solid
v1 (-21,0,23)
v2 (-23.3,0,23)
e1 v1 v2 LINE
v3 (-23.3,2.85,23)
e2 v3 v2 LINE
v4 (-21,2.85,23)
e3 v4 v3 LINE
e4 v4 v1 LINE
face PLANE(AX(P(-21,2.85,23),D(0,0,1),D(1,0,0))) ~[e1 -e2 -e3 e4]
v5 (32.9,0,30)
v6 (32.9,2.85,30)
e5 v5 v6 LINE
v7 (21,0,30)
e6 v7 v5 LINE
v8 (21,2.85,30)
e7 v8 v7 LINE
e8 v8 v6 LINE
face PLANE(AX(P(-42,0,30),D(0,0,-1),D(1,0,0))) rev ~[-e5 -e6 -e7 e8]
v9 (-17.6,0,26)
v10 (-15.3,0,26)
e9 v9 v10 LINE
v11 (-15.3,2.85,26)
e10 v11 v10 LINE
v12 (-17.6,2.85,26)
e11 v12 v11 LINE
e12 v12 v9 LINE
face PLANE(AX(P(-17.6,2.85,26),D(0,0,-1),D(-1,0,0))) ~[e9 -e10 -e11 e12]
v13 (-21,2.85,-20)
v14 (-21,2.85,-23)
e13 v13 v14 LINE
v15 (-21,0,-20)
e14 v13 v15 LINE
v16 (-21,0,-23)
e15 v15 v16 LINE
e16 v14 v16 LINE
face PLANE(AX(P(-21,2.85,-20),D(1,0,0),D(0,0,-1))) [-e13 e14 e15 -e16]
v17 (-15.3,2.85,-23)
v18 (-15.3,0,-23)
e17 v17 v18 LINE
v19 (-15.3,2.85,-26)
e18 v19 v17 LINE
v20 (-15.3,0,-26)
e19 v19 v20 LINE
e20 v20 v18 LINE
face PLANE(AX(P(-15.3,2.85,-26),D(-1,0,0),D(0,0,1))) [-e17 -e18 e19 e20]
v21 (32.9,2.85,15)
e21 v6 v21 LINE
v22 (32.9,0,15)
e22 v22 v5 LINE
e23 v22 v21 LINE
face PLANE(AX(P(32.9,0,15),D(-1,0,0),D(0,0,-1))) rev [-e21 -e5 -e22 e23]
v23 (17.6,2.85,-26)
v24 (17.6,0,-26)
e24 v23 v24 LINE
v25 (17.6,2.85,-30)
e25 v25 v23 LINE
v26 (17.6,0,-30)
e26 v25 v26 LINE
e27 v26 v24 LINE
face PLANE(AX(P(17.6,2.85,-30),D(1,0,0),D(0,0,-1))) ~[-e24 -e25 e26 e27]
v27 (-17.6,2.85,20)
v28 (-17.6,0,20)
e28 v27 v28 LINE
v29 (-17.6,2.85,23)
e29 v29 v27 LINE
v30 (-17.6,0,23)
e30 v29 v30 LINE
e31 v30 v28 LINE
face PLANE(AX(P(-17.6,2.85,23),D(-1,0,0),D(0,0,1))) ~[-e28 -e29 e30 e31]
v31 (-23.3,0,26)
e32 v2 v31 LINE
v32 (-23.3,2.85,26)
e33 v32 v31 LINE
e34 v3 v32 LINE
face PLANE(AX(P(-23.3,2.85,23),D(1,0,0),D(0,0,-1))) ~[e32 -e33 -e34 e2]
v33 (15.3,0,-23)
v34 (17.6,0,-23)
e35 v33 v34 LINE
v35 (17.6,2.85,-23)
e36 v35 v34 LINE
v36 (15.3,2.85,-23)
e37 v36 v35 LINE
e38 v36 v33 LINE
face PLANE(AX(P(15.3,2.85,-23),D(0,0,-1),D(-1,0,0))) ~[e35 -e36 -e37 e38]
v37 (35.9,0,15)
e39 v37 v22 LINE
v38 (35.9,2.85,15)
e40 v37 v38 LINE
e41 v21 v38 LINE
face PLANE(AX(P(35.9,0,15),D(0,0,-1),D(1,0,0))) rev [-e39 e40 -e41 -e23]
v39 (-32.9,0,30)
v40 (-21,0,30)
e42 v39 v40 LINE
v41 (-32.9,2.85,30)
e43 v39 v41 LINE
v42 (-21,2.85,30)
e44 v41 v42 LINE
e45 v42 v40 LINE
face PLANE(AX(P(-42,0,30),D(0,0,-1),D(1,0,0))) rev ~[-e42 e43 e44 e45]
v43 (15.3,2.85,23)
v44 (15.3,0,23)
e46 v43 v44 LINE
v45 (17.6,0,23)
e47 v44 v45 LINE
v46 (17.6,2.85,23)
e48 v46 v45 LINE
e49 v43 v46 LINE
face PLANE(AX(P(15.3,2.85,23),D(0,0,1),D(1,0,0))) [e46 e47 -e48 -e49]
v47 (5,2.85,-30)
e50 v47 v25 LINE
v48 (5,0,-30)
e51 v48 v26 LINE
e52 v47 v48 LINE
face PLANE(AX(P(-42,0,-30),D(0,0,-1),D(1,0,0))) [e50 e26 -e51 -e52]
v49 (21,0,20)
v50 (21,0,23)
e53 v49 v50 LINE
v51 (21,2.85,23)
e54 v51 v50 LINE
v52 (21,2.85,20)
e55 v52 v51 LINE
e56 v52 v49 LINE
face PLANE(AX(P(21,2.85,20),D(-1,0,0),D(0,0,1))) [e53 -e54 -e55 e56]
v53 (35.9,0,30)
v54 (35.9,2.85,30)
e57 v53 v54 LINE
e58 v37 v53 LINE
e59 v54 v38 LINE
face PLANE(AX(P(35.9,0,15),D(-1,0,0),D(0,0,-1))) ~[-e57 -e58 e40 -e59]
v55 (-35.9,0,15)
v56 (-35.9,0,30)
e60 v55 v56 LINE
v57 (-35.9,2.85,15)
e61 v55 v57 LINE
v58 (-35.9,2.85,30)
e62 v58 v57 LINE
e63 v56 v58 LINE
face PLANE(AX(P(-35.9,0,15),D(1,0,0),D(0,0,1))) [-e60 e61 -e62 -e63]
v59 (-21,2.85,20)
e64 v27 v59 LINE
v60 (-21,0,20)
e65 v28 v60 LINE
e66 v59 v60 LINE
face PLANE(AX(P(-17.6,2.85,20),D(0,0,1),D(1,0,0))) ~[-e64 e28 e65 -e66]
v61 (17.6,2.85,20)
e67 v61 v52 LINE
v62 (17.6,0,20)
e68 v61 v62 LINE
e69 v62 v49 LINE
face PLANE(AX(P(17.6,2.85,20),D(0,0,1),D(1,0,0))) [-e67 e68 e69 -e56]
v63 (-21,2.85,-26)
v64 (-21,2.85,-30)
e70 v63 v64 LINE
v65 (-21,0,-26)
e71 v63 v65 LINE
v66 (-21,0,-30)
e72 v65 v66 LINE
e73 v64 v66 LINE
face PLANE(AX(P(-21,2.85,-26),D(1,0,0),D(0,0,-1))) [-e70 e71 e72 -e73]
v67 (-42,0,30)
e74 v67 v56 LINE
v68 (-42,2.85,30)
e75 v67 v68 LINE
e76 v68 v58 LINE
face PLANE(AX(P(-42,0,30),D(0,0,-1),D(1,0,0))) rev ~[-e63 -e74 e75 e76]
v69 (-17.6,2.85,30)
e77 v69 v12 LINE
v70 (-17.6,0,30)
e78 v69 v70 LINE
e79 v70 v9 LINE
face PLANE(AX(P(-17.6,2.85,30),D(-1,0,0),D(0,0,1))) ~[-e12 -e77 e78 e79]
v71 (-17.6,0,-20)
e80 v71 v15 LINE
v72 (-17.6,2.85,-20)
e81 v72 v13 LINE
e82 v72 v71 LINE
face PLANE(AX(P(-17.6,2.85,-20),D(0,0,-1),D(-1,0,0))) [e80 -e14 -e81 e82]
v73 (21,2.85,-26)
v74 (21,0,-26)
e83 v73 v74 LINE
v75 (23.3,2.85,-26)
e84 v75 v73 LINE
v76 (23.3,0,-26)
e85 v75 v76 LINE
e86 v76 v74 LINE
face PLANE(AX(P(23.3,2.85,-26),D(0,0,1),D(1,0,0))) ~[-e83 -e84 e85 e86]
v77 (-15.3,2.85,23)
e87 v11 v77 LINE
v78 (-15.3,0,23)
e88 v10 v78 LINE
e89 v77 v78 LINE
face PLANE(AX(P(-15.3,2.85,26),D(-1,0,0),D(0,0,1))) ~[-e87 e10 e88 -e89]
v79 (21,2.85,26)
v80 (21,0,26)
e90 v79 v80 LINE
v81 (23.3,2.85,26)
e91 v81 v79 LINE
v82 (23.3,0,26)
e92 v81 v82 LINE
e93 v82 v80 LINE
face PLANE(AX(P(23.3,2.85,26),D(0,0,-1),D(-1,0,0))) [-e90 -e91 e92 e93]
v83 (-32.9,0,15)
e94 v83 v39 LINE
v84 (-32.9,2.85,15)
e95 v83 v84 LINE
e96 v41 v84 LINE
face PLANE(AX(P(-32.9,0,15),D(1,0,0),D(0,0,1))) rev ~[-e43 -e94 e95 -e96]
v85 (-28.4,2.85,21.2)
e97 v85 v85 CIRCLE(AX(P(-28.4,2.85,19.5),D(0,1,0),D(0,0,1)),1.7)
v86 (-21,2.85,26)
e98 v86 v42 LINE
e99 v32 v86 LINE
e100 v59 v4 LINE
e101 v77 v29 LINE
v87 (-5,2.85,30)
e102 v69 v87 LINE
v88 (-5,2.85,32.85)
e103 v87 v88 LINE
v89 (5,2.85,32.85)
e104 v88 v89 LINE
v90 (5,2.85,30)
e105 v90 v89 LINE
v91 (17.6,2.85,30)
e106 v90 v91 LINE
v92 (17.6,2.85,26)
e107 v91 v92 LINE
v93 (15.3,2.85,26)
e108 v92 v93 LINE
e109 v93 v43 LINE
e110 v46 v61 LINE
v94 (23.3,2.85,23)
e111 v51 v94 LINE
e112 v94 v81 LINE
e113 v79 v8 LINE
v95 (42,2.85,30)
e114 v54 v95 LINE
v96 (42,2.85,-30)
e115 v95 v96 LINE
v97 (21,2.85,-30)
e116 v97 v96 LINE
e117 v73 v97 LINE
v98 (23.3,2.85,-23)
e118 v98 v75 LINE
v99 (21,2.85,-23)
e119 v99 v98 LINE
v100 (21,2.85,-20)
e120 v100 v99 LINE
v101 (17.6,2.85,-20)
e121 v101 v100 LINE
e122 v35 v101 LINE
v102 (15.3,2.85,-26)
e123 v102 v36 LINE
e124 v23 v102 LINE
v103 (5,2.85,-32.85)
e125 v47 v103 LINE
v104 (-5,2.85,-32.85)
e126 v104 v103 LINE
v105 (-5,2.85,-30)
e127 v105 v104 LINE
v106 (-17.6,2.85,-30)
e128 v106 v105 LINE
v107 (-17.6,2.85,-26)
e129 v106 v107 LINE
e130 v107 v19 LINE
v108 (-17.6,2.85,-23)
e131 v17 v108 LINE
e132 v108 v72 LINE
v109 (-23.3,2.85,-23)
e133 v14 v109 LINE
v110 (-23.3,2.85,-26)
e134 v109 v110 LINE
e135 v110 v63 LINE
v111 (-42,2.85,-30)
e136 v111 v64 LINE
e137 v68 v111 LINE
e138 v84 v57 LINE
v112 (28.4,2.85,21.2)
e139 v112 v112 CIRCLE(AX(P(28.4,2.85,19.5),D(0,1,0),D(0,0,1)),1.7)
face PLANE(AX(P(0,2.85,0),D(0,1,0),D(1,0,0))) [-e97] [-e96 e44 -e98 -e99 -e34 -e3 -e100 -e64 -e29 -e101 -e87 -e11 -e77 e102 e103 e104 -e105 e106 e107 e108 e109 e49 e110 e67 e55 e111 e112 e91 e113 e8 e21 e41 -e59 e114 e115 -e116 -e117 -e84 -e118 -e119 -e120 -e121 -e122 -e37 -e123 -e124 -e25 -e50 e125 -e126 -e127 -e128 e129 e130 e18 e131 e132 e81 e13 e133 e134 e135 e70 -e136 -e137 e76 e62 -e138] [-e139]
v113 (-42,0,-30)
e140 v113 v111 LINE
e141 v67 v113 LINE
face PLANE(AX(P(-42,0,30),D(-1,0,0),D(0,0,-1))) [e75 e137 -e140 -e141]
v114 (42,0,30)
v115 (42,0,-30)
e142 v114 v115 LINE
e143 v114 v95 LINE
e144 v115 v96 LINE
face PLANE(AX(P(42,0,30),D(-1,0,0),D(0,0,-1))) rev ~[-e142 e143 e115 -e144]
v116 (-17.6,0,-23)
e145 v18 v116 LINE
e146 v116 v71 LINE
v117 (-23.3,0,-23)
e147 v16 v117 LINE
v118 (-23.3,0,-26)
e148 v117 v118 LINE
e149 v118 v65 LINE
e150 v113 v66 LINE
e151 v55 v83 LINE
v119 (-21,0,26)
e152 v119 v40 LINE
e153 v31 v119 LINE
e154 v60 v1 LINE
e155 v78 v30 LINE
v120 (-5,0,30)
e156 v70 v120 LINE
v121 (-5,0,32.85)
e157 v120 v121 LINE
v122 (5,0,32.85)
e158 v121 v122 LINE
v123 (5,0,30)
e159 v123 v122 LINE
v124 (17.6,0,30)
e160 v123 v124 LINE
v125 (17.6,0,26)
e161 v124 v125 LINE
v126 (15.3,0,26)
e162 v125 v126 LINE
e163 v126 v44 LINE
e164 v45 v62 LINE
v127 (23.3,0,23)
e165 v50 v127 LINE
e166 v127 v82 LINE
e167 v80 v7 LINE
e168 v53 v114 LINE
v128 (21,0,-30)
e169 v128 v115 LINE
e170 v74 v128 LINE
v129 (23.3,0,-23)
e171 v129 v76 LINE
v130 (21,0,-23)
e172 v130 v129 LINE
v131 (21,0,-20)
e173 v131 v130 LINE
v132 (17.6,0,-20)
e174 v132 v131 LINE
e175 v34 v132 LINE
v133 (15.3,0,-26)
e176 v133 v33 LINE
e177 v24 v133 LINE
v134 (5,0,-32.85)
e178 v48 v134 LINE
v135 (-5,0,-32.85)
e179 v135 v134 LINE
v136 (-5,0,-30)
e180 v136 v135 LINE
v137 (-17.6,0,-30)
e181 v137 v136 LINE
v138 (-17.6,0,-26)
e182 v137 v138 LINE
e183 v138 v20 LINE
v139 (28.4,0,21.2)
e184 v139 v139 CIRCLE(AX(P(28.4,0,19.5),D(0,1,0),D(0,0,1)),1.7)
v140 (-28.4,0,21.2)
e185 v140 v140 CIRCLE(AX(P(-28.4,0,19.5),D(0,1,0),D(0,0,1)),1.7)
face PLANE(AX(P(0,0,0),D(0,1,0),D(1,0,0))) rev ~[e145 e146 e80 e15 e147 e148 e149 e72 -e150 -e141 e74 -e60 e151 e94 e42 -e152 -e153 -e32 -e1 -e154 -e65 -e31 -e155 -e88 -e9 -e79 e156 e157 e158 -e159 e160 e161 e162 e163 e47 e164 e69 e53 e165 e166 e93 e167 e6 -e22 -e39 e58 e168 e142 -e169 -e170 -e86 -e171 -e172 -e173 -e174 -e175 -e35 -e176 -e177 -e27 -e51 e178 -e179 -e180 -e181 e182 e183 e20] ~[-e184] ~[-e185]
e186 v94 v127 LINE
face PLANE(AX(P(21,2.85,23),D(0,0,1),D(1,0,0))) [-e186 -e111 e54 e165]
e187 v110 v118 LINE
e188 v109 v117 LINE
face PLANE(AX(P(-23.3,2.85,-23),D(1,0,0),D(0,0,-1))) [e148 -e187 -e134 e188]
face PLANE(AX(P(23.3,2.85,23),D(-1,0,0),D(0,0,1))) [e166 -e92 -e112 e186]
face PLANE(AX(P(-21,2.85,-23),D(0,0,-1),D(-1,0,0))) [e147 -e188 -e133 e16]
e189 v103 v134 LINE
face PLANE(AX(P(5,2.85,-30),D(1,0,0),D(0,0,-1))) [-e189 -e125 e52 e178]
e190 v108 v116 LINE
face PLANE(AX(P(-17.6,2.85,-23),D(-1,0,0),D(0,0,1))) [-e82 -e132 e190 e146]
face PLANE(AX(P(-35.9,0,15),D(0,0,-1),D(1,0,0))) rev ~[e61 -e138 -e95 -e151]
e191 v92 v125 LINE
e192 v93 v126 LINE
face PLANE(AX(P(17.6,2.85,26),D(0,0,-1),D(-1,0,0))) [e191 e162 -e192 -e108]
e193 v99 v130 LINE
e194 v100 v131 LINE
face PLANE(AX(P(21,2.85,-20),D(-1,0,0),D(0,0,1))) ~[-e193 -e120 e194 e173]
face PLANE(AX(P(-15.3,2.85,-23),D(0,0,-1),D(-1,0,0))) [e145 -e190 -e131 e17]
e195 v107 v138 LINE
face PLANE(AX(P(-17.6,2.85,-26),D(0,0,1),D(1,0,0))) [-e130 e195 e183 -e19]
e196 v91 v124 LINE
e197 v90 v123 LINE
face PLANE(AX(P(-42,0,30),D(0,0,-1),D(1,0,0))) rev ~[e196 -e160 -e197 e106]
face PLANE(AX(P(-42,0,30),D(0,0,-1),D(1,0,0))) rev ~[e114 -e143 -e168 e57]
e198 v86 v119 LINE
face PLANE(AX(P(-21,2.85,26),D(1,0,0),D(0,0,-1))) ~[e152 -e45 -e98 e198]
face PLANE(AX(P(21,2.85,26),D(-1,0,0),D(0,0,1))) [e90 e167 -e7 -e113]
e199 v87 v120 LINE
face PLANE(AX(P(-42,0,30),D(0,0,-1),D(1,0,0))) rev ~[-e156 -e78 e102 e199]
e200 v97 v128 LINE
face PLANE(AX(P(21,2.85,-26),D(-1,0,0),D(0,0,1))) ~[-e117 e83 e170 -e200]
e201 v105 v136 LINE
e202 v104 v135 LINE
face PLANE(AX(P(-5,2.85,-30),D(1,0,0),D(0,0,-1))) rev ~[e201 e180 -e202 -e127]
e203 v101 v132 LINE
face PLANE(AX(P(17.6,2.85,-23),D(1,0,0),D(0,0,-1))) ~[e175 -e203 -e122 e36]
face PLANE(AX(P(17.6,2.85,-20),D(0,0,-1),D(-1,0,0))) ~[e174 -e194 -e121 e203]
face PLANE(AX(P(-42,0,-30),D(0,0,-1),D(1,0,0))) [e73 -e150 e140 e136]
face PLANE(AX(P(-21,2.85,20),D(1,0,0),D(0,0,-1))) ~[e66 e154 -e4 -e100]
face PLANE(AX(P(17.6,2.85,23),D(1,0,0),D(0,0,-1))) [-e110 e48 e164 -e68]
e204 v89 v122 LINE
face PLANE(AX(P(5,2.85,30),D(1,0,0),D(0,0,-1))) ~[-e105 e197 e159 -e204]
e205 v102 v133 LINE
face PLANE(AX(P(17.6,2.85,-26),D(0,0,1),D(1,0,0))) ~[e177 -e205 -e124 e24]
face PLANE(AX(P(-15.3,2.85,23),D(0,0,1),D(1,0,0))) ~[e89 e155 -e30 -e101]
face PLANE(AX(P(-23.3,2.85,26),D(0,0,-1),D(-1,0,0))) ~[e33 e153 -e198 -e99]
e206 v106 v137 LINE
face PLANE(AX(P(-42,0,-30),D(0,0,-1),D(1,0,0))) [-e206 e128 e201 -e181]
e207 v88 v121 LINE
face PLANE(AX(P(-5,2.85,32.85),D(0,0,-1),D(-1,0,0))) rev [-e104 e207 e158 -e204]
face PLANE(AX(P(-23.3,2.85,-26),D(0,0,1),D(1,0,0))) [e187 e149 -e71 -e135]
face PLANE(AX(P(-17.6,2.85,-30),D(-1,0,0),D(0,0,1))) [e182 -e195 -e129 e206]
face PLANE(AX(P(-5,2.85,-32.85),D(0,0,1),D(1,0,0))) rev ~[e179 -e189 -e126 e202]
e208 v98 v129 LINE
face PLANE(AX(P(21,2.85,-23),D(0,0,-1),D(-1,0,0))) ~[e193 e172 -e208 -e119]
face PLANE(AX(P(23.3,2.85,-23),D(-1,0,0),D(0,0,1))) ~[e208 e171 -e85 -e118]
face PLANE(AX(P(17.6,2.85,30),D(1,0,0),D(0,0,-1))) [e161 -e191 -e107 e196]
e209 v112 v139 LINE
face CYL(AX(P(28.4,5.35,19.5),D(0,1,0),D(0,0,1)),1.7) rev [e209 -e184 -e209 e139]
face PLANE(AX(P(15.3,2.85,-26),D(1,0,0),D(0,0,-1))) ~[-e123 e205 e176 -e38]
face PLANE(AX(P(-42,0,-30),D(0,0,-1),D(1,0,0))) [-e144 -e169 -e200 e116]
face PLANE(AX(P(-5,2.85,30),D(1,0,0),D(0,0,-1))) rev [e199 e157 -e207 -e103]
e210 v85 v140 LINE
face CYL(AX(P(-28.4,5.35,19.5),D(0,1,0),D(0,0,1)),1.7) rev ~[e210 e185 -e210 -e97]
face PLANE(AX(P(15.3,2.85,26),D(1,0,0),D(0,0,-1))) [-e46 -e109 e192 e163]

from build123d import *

# Parameters (mm, degrees)
SKETCH1_W            = 84
SKETCH1_H            = 60
BOSS_EXTRUDE1_DEPTH  = 2.85
SKETCH2_W            = 3
SKETCH2_H            = 15
CUT_EXTRUDE1_DEPTH   = 52.692576837
CUT_EXTRUDE2_DEPTH   = 52.692576837
SKETCH4_W            = 10
SKETCH4_H            = 2.85
BOSS_EXTRUDE2_DEPTH  = 2.85
MIRROR3_COPY_1_DEPTH = 52.692576837
SKETCH5_R            = 1.7
CUT_EXTRUDE3_DEPTH   = 6


with BuildPart() as part:
    # Sketch1 → Boss-Extrude1 (new body)
    with BuildSketch(Plane(origin=(0, 0, 0), x_dir=(1, 0, 0), z_dir=(0, 1, 0))):
        Rectangle(SKETCH1_W, SKETCH1_H)
    extrude(amount=BOSS_EXTRUDE1_DEPTH)

    # Sketch2 → Cut-Extrude1 (cut, through all)
    with BuildSketch(Plane.XZ):
        with Locations((-34.4, 22.5)):
            Rectangle(SKETCH2_W, SKETCH2_H)
    cut_extrude1 = extrude(amount=-CUT_EXTRUDE1_DEPTH, mode=Mode.SUBTRACT)

    # Mirror1: Cut-Extrude1 across plane
    add(cut_extrude1.mirror(Plane(origin=(0, 0, 0), x_dir=(0, 0, 1), z_dir=(1, 0, 0))), mode=Mode.SUBTRACT)

    # Sketch3 → Cut-Extrude2 (cut, through all)
    with BuildSketch(Plane(origin=(0, 2.85, 0), x_dir=(1, 0, 0), z_dir=(0, 1, 0))):
        Polygon((-23.3, 26), (-21, 26), (-21, 30), (-17.6, 30), (-17.6, 26), (-15.3, 26), (-15.3, 23), (-17.6, 23), (-17.6, 20), (-21, 20), (-21, 23), (-23.3, 23), align=None)
    cut_extrude2 = extrude(amount=-CUT_EXTRUDE2_DEPTH, mode=Mode.SUBTRACT)

    # Mirror2: Cut-Extrude2 across plane
    add(cut_extrude2.mirror(Plane(origin=(0, 0, 0), x_dir=(0, 0, 1), z_dir=(1, 0, 0))), mode=Mode.SUBTRACT)

    # Sketch4 → Boss-Extrude2 (add)
    with BuildSketch(Plane(origin=(0, 2.85, 0), x_dir=(1, 0, 0), z_dir=(0, 1, 0))):
        with Locations((0, 31.425)):
            Rectangle(SKETCH4_W, SKETCH4_H)
    boss_extrude2 = extrude(amount=-BOSS_EXTRUDE2_DEPTH)

    # Mirror3: Cut-Extrude2, Boss-Extrude2 across plane
    add(cut_extrude2.mirror(Plane.XY), mode=Mode.SUBTRACT)
    add(boss_extrude2.mirror(Plane.XY))

    # Mirror3 copy 1 sketch → Mirror3 copy 1 (cut, through all)
    with BuildSketch(Plane(origin=(0, 2.85, 0), x_dir=(-1, 0, 0), z_dir=(0, 1, 0))):
        Polygon((-23.3, 26), (-21, 26), (-21, 30), (-17.6, 30), (-17.6, 26), (-15.3, 26), (-15.3, 23), (-17.6, 23), (-17.6, 20), (-21, 20), (-21, 23), (-23.3, 23), align=None)
    extrude(amount=-MIRROR3_COPY_1_DEPTH, mode=Mode.SUBTRACT)

    # Sketch5 → Cut-Extrude3 (cut)
    with BuildSketch(Plane(origin=(0, 5.35, 32.85), x_dir=(1, 0, 0), z_dir=(0, 1, 0))):
        with Locations(Location((-28.4, 13.35, 0), (0, 0, 270))):
            Circle(SKETCH5_R)
    cut_extrude3 = extrude(amount=-CUT_EXTRUDE3_DEPTH, mode=Mode.SUBTRACT)

    # Mirror4: Cut-Extrude3 across plane
    add(cut_extrude3.mirror(Plane(origin=(0, 0, 0), x_dir=(0, 0, 1), z_dir=(1, 0, 0))), mode=Mode.SUBTRACT)


solid = part.part
